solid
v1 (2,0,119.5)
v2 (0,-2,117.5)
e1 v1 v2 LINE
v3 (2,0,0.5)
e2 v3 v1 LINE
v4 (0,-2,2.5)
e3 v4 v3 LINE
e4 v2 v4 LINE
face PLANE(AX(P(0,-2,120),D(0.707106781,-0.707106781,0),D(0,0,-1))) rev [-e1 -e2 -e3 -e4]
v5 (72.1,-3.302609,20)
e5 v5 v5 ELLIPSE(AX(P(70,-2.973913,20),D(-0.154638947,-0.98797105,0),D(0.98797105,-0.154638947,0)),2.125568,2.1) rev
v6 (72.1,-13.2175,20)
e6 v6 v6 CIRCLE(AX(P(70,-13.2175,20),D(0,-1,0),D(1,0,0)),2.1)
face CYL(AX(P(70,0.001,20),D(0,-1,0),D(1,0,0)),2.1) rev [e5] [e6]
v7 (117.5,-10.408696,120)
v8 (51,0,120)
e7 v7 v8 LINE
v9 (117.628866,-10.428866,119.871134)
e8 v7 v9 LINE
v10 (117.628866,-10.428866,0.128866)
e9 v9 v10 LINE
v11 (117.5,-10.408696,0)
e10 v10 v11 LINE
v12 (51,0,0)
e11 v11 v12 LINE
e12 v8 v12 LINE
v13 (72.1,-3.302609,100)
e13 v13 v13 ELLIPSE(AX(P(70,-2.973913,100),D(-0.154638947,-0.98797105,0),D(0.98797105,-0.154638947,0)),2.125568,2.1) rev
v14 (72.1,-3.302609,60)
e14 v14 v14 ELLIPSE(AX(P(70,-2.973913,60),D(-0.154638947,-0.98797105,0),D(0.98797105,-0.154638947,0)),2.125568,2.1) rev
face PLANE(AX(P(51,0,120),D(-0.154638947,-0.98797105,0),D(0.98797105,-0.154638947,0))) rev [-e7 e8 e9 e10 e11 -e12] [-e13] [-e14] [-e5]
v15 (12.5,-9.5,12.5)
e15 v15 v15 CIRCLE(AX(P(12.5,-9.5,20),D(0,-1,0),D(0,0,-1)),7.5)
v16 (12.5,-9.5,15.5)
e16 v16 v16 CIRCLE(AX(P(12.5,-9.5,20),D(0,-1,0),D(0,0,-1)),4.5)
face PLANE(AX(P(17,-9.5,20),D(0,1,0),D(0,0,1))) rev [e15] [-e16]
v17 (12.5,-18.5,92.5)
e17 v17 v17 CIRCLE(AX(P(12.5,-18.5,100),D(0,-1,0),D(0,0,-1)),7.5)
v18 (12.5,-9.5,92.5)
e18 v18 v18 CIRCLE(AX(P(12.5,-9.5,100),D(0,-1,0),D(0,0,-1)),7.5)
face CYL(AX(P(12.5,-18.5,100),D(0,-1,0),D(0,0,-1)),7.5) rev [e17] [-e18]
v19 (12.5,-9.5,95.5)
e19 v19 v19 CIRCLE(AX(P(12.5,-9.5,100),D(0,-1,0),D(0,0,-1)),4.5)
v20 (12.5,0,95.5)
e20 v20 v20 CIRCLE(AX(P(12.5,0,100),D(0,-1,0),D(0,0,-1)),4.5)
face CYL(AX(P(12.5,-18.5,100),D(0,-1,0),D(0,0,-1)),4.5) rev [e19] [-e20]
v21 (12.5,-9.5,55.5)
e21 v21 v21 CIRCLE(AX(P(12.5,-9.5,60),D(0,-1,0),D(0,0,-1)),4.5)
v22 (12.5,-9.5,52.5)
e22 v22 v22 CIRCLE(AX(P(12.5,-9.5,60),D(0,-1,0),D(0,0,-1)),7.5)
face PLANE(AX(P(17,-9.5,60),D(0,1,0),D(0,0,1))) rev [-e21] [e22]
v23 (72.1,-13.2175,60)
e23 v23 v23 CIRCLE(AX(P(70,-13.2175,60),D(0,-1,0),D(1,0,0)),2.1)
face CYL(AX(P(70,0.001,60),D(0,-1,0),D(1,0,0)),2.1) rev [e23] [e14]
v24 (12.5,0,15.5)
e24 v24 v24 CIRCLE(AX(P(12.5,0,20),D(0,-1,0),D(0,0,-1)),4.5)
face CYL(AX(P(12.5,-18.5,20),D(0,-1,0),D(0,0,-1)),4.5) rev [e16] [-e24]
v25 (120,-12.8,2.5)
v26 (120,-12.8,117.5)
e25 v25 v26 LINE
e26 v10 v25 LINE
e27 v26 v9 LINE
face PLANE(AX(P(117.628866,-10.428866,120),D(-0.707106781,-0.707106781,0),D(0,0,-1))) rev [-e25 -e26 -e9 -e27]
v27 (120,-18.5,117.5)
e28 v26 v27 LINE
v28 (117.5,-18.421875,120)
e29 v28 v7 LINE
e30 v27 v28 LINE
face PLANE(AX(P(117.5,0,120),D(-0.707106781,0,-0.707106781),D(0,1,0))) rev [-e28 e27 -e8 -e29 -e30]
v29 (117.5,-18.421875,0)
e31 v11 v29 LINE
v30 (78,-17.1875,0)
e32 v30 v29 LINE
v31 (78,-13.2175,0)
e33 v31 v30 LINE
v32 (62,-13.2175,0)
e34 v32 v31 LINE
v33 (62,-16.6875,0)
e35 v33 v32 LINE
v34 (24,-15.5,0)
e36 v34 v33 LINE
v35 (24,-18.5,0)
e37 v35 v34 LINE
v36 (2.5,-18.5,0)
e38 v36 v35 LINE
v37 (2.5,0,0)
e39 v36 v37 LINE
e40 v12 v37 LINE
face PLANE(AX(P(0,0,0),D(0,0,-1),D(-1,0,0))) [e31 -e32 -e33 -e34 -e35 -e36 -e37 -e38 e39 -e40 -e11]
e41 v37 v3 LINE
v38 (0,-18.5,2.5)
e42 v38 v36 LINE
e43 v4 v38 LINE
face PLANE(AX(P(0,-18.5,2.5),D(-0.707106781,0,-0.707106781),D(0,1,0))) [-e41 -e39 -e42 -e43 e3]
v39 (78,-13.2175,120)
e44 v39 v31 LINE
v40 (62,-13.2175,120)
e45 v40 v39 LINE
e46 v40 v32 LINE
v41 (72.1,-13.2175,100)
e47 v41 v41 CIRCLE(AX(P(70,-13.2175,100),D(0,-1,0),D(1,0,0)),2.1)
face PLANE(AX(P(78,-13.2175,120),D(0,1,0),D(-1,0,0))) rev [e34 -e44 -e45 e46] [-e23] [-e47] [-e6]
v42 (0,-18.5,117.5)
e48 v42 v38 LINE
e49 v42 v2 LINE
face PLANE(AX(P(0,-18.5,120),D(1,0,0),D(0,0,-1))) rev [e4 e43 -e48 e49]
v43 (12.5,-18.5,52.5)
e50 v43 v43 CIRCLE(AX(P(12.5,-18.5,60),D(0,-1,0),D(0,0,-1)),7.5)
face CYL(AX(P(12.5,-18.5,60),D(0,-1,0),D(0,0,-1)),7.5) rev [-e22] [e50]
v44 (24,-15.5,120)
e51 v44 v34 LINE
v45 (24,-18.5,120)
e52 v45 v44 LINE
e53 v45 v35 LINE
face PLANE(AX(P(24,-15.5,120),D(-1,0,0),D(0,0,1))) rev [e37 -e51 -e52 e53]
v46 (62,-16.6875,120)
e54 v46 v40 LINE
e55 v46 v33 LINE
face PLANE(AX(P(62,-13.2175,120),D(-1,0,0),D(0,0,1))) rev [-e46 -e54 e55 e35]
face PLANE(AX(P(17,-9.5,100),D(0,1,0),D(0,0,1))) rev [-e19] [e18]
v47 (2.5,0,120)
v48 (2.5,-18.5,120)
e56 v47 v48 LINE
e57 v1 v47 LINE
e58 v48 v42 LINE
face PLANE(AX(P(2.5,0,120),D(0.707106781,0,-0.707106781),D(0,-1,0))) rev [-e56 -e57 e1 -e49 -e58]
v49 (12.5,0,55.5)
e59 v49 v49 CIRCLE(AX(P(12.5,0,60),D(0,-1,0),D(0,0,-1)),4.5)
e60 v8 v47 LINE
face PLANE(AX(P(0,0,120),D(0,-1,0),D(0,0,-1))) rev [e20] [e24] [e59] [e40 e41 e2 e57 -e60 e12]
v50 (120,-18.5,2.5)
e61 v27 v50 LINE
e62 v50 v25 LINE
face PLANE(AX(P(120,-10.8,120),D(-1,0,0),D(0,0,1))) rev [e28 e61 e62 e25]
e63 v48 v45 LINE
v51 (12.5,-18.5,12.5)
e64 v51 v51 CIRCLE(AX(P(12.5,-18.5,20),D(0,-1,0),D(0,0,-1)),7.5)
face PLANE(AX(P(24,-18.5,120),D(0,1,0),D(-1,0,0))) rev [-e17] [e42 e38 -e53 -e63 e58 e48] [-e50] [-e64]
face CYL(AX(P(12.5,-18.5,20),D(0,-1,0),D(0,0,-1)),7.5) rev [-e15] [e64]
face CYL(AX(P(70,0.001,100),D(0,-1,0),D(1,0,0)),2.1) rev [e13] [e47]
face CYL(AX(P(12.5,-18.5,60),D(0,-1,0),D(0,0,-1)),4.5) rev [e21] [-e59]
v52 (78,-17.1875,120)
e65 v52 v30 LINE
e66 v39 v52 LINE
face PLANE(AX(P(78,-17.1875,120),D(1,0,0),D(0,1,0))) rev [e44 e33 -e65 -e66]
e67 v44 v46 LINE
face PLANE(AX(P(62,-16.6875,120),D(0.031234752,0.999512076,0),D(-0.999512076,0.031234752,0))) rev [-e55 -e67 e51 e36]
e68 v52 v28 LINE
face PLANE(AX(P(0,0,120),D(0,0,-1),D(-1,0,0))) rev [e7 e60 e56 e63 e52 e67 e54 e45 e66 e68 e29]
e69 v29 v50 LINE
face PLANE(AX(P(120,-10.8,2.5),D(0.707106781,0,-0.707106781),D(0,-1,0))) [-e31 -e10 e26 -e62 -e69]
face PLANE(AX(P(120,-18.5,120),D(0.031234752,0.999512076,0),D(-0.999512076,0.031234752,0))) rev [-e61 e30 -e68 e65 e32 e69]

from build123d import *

# Parameters (mm, degrees)
EXTRUDE_1_DEPTH           = 120
HOLE_WIZARD_1_D           = 9
HOLE_WIZARD_1_CBORE_D     = 15
HOLE_WIZARD_1_CBORE_DEPTH = 9
CUT_EXTRUDE_1_REACH       = 172.22
SKETCH_6_R                = 2.1
CHAMFER_2_SIZE            = 2.5
CHAMFER_3_SIZE            = 2
CHAMFER_3_SIZE2           = 2.400003543
CHAMFER_4_SIZE            = 2


with BuildPart() as part:
    # 草图1 → 凸台-拉伸1 (new body)
    with BuildSketch(Plane.XY):
        Polygon((0, 0), (51, 0), (120, -10.8), (120, -18.5), (78, -17.1875), (78, -13.2175), (62, -13.2175), (62, -16.6875), (24, -15.5), (24, -18.5), (0, -18.5), align=None)
    extrude(amount=EXTRUDE_1_DEPTH)

    # 孔1 (through all)
    with Locations(Plane(origin=(0, -18.5, 0), x_dir=(-1, 0, 0), z_dir=(0, -1, 0))):
        with Locations((-12.5, -20), (-12.5, -60), (-12.5, -100)):
            CounterBoreHole(HOLE_WIZARD_1_D / 2, HOLE_WIZARD_1_CBORE_D / 2, HOLE_WIZARD_1_CBORE_DEPTH)

    # 切除-拉伸1: up to this plane
    cut_extrude_1_end = Plane(origin=(51, 0, 120), z_dir=(-0.15463894699101186, -0.9879710502203549, 0))
    # 草图6 → 切除-拉伸1 (cut, up to the surface)
    with BuildSketch(Plane.XZ.offset(13.2175), mode=Mode.PRIVATE) as cut_extrude_1_sk1:
        with Locations((70, 100)):
            Circle(SKETCH_6_R)
    cut_extrude_1_tool1 = split(extrude(cut_extrude_1_sk1.sketch, amount=-CUT_EXTRUDE_1_REACH, mode=Mode.PRIVATE), bisect_by=cut_extrude_1_end, keep=Keep.BOTH, mode=Mode.PRIVATE)
    add(cut_extrude_1_tool1.solids().sort_by_distance((70, -13.2175, 100))[0], mode=Mode.SUBTRACT)
    # 草图6 → 切除-拉伸1 (cut, up to the surface)
    with BuildSketch(Plane.XZ.offset(13.2175), mode=Mode.PRIVATE) as cut_extrude_1_sk2:
        with Locations((70, 60)):
            Circle(SKETCH_6_R)
    cut_extrude_1_tool2 = split(extrude(cut_extrude_1_sk2.sketch, amount=-CUT_EXTRUDE_1_REACH, mode=Mode.PRIVATE), bisect_by=cut_extrude_1_end, keep=Keep.BOTH, mode=Mode.PRIVATE)
    add(cut_extrude_1_tool2.solids().sort_by_distance((70, -13.2175, 60))[0], mode=Mode.SUBTRACT)
    # 草图6 → 切除-拉伸1 (cut, up to the surface)
    with BuildSketch(Plane.XZ.offset(13.2175), mode=Mode.PRIVATE) as cut_extrude_1_sk3:
        with Locations((70, 20)):
            Circle(SKETCH_6_R)
    cut_extrude_1_tool3 = split(extrude(cut_extrude_1_sk3.sketch, amount=-CUT_EXTRUDE_1_REACH, mode=Mode.PRIVATE), bisect_by=cut_extrude_1_end, keep=Keep.BOTH, mode=Mode.PRIVATE)
    add(cut_extrude_1_tool3.solids().sort_by_distance((70, -13.2175, 20))[0], mode=Mode.SUBTRACT)

    # 倒角2
    chamfer_2_edges = [part.edges().sort_by_distance(p)[0] for p in [
        (120, -14.65, 0),
        (0, -9.25, 0),
        (120, -14.65, 120),
        (0, -9.25, 120),
    ]]
    chamfer(chamfer_2_edges, length=CHAMFER_2_SIZE)

    # 倒角3
    chamfer_3_edges = [part.edges().sort_by_distance(p)[0] for p in [
        (120, -10.8, 60),
    ]]
    chamfer_3_side = [part.faces().sort_by_distance(p)[0] for p in [
        (120, -14.65, 60),
    ]]
    chamfer(chamfer_3_edges, length=CHAMFER_3_SIZE, length2=CHAMFER_3_SIZE2, reference=chamfer_3_side[0])

    # 倒角4
    chamfer_4_edges = [part.edges().sort_by_distance(p)[0] for p in [
        (0, 0, 60),
    ]]
    chamfer(chamfer_4_edges, length=CHAMFER_4_SIZE)


solid = part.part
